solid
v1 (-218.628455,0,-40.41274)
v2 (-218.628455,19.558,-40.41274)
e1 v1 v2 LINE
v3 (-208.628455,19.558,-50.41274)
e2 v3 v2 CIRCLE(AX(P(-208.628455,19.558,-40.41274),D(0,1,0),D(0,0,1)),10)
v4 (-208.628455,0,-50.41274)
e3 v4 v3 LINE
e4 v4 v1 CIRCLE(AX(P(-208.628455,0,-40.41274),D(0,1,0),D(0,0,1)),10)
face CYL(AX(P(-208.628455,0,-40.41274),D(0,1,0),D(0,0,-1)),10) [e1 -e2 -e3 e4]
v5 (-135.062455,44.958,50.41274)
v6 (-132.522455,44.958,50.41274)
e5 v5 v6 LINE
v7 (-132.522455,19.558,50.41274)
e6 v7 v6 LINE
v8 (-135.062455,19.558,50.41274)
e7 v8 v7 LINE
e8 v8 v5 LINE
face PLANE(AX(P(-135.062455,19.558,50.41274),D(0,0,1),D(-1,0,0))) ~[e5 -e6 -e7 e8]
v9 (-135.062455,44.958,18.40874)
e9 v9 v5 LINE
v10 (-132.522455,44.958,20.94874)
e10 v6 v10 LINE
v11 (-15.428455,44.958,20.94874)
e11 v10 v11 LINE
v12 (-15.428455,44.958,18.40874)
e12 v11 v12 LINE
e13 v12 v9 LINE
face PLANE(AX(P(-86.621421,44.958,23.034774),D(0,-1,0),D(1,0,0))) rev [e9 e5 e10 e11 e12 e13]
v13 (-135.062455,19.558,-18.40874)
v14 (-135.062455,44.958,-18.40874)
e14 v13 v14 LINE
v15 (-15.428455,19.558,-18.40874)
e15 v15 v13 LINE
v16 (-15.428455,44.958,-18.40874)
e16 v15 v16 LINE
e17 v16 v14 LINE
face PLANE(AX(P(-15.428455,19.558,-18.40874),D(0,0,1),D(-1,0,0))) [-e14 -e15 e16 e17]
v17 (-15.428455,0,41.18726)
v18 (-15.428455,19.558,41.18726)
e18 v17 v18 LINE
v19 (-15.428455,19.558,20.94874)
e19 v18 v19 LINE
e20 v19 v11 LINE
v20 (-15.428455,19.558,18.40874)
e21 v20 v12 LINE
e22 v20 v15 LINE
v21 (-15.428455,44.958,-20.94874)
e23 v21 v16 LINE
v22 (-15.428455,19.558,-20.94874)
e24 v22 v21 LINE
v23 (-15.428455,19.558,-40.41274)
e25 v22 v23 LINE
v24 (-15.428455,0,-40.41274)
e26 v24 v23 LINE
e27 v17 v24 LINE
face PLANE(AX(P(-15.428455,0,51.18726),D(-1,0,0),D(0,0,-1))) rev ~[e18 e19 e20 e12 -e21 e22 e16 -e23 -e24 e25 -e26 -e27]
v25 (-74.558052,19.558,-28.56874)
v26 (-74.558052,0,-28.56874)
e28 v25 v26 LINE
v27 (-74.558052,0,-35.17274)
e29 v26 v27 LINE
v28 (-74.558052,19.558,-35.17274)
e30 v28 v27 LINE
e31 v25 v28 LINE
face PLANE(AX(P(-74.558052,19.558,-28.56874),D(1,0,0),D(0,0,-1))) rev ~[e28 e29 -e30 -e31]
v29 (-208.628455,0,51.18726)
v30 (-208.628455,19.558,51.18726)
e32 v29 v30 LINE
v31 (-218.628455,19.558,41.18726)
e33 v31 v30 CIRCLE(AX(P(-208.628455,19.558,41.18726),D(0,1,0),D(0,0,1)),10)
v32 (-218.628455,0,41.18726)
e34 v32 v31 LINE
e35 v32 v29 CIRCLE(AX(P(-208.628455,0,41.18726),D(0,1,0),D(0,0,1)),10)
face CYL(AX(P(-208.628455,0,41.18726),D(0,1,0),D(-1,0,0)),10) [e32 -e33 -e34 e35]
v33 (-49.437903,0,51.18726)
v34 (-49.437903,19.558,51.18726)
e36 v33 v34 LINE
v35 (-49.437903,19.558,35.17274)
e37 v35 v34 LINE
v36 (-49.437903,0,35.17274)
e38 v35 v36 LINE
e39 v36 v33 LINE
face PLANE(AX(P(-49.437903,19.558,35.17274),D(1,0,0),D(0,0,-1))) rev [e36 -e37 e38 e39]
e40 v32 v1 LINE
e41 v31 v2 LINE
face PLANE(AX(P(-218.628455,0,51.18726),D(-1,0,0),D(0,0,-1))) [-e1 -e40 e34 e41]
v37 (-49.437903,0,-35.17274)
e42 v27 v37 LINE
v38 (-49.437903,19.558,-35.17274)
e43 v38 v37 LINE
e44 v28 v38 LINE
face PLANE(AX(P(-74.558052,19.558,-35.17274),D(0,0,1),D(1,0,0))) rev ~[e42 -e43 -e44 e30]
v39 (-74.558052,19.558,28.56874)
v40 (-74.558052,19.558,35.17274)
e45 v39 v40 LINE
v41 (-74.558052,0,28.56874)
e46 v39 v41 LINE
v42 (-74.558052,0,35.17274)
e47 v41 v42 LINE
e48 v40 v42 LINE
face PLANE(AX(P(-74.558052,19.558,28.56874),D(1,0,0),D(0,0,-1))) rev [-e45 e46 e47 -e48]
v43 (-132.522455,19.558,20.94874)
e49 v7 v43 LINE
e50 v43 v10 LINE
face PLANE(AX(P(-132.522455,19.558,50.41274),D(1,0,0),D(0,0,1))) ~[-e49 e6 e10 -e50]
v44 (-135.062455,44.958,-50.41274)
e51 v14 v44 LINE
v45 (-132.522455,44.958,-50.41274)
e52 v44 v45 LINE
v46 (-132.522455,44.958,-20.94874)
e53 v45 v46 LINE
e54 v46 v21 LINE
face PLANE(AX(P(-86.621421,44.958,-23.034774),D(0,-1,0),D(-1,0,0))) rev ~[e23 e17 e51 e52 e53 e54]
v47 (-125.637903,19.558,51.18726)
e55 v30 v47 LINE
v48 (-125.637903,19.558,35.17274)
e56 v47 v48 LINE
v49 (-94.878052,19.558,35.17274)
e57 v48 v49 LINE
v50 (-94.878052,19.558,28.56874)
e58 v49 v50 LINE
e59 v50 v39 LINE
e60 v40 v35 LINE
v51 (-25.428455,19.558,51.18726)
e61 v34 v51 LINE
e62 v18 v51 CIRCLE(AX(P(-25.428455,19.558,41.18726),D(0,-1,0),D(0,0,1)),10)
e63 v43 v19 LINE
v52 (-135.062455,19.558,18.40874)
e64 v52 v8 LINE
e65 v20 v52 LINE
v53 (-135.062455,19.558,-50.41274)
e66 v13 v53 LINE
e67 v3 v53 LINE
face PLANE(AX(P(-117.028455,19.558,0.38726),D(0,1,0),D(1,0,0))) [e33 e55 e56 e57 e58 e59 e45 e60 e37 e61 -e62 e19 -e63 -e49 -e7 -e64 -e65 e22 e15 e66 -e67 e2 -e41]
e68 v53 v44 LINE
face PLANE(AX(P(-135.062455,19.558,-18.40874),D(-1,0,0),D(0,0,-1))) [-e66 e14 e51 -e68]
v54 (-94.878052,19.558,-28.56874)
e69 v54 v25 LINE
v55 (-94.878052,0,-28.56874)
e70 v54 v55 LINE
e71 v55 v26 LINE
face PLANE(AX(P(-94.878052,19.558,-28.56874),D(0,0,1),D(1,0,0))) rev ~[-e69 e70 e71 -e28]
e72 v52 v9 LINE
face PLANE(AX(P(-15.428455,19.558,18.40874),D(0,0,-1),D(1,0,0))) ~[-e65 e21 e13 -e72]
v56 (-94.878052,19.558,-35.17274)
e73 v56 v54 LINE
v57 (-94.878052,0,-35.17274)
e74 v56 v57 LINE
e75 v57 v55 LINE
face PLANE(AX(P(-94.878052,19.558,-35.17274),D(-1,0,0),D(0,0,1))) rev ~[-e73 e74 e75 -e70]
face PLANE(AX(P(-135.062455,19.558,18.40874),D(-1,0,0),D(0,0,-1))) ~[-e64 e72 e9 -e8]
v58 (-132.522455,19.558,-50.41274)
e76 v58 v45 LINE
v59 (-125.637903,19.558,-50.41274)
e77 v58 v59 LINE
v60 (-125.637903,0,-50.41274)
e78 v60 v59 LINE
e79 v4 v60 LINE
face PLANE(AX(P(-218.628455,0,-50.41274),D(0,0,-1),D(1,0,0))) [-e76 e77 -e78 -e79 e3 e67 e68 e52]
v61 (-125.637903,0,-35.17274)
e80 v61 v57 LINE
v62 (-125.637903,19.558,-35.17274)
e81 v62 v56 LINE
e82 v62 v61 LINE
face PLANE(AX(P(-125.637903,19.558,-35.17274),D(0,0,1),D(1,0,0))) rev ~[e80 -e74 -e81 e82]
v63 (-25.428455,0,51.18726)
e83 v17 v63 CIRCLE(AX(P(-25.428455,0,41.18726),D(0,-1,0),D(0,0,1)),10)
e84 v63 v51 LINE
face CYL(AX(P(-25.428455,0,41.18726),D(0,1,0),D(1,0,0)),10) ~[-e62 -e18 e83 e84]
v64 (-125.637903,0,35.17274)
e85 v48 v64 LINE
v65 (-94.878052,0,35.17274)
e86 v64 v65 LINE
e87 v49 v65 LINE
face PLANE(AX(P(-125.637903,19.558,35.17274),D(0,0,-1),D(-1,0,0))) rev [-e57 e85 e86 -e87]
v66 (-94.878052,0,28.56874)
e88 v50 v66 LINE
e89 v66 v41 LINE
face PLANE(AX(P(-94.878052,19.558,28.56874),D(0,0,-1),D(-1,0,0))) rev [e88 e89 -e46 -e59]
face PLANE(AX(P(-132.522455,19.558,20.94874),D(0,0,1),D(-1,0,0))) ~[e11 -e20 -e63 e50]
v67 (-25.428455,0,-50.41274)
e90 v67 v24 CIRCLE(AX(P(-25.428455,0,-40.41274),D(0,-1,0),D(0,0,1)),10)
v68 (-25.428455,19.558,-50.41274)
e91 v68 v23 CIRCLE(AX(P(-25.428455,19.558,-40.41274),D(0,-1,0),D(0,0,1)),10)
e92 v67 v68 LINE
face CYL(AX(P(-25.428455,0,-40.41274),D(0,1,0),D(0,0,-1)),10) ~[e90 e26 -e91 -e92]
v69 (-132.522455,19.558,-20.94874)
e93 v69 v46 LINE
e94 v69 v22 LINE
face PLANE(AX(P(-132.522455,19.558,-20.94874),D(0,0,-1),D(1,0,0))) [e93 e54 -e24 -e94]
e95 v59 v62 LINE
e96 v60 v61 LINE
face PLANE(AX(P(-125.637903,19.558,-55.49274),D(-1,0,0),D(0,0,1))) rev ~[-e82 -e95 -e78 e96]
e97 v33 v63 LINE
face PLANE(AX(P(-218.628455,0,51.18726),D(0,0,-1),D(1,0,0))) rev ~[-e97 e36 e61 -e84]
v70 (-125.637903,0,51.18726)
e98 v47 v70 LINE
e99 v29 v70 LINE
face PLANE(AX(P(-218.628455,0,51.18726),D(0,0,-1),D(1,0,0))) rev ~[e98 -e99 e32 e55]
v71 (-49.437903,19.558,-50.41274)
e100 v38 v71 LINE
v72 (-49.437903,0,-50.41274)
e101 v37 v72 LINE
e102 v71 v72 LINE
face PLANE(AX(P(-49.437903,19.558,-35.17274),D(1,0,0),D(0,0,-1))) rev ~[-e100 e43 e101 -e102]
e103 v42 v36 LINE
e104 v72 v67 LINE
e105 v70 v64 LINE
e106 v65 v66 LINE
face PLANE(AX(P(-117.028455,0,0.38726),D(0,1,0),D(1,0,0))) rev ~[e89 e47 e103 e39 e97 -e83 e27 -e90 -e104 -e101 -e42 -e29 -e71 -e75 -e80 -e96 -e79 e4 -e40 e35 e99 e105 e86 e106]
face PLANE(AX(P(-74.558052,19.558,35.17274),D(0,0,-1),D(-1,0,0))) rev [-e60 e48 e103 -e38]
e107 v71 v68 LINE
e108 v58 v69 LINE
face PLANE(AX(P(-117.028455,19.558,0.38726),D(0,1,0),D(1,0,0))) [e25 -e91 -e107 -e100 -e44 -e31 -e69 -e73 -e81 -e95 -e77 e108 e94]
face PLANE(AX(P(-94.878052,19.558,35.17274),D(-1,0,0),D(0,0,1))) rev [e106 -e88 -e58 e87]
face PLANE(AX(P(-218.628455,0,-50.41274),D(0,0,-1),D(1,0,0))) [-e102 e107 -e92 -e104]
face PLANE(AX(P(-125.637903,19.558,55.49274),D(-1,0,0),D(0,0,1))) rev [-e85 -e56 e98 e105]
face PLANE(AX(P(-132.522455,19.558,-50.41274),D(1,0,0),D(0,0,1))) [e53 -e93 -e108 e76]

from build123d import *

# Parameters (mm, degrees)
SKETCH2_W           = 203.2
SKETCH2_H           = 101.6
BOSS_EXTRUDE1_DEPTH = 19.558
SKETCH3_W           = 76.2
SKETCH3_H           = 5.08
CUT_EXTRUDE2_DEPTH  = 19.558
FILLET1_R           = 10
FILLET2_R           = 10
FILLET3_R           = 10
FILLET4_R           = 10
EXTRUDE_THIN5_DEPTH = 25.4


with BuildPart() as part:
    # Sketch2 → Boss-Extrude1 (new body)
    with BuildSketch(Plane(origin=(-97.482495003, 0, 34.735141898), x_dir=(1, 0, 0), z_dir=(0, 1, 0))):
        with Locations((-19.545959724, 34.347881976)):
            Rectangle(SKETCH2_W, SKETCH2_H)
    extrude(amount=BOSS_EXTRUDE1_DEPTH)

    # Sketch3 → Cut-Extrude2 (cut)
    with BuildSketch(Plane(origin=(-97.482495003, 19.558, 34.735141898), x_dir=(1, 0, 0), z_dir=(0, 1, 0))):
        Polygon((48.044591515, 85.147881976), (-28.155408485, 85.147881976), (-28.155408485, 69.907881976), (-15.015206922, 69.907881976), (2.604442641, 69.907881976), (2.604442641, 63.303881976), (22.924442641, 63.303881976), (22.924442641, 69.907881976), (48.044591515, 69.907881976), align=None)
        with Locations((9.944591515, 87.687881976)):
            Rectangle(SKETCH3_W, SKETCH3_H)
    cut_extrude2 = extrude(amount=-CUT_EXTRUDE2_DEPTH, mode=Mode.SUBTRACT)

    # Mirror4: Cut-Extrude2 across plane
    add(cut_extrude2.mirror(Plane.XY), mode=Mode.SUBTRACT)

    # Fillet1
    fillet1_edges = [part.edges().sort_by_distance(p)[0] for p in [
        (-15.428454726, 9.779, 51.187259921),
    ]]
    fillet(fillet1_edges, radius=FILLET1_R)

    # Fillet2
    fillet2_edges = [part.edges().sort_by_distance(p)[0] for p in [
        (-218.628454726, 9.779, -50.412740079),
    ]]
    fillet(fillet2_edges, radius=FILLET2_R)

    # Fillet3
    fillet3_edges = [part.edges().sort_by_distance(p)[0] for p in [
        (-218.628454726, 9.779, 51.187259921),
    ]]
    fillet(fillet3_edges, radius=FILLET3_R)

    # Fillet4
    fillet4_edges = [part.edges().sort_by_distance(p)[0] for p in [
        (-15.428454726, 9.779, -50.412740079),
    ]]
    fillet(fillet4_edges, radius=FILLET4_R)

    # Sketch7 → Extrude-Thin5 (add)
    with BuildSketch(Plane(origin=(0, 19.558, 0), x_dir=(1, 0, 0), z_dir=(0, 1, 0))):
        Polygon((-132.522454726, 50.412740079), (-132.522454726, 20.948740079), (-15.428454726, 20.948740079), (-15.428454726, 18.408740079), (-135.062454726, 18.408740079), (-135.062454726, 50.412740079), align=None)
    extrude_thin5 = extrude(amount=EXTRUDE_THIN5_DEPTH)

    # Mirror5: Extrude-Thin5 across plane
    add(extrude_thin5.mirror(Plane.XY))


solid = part.part
